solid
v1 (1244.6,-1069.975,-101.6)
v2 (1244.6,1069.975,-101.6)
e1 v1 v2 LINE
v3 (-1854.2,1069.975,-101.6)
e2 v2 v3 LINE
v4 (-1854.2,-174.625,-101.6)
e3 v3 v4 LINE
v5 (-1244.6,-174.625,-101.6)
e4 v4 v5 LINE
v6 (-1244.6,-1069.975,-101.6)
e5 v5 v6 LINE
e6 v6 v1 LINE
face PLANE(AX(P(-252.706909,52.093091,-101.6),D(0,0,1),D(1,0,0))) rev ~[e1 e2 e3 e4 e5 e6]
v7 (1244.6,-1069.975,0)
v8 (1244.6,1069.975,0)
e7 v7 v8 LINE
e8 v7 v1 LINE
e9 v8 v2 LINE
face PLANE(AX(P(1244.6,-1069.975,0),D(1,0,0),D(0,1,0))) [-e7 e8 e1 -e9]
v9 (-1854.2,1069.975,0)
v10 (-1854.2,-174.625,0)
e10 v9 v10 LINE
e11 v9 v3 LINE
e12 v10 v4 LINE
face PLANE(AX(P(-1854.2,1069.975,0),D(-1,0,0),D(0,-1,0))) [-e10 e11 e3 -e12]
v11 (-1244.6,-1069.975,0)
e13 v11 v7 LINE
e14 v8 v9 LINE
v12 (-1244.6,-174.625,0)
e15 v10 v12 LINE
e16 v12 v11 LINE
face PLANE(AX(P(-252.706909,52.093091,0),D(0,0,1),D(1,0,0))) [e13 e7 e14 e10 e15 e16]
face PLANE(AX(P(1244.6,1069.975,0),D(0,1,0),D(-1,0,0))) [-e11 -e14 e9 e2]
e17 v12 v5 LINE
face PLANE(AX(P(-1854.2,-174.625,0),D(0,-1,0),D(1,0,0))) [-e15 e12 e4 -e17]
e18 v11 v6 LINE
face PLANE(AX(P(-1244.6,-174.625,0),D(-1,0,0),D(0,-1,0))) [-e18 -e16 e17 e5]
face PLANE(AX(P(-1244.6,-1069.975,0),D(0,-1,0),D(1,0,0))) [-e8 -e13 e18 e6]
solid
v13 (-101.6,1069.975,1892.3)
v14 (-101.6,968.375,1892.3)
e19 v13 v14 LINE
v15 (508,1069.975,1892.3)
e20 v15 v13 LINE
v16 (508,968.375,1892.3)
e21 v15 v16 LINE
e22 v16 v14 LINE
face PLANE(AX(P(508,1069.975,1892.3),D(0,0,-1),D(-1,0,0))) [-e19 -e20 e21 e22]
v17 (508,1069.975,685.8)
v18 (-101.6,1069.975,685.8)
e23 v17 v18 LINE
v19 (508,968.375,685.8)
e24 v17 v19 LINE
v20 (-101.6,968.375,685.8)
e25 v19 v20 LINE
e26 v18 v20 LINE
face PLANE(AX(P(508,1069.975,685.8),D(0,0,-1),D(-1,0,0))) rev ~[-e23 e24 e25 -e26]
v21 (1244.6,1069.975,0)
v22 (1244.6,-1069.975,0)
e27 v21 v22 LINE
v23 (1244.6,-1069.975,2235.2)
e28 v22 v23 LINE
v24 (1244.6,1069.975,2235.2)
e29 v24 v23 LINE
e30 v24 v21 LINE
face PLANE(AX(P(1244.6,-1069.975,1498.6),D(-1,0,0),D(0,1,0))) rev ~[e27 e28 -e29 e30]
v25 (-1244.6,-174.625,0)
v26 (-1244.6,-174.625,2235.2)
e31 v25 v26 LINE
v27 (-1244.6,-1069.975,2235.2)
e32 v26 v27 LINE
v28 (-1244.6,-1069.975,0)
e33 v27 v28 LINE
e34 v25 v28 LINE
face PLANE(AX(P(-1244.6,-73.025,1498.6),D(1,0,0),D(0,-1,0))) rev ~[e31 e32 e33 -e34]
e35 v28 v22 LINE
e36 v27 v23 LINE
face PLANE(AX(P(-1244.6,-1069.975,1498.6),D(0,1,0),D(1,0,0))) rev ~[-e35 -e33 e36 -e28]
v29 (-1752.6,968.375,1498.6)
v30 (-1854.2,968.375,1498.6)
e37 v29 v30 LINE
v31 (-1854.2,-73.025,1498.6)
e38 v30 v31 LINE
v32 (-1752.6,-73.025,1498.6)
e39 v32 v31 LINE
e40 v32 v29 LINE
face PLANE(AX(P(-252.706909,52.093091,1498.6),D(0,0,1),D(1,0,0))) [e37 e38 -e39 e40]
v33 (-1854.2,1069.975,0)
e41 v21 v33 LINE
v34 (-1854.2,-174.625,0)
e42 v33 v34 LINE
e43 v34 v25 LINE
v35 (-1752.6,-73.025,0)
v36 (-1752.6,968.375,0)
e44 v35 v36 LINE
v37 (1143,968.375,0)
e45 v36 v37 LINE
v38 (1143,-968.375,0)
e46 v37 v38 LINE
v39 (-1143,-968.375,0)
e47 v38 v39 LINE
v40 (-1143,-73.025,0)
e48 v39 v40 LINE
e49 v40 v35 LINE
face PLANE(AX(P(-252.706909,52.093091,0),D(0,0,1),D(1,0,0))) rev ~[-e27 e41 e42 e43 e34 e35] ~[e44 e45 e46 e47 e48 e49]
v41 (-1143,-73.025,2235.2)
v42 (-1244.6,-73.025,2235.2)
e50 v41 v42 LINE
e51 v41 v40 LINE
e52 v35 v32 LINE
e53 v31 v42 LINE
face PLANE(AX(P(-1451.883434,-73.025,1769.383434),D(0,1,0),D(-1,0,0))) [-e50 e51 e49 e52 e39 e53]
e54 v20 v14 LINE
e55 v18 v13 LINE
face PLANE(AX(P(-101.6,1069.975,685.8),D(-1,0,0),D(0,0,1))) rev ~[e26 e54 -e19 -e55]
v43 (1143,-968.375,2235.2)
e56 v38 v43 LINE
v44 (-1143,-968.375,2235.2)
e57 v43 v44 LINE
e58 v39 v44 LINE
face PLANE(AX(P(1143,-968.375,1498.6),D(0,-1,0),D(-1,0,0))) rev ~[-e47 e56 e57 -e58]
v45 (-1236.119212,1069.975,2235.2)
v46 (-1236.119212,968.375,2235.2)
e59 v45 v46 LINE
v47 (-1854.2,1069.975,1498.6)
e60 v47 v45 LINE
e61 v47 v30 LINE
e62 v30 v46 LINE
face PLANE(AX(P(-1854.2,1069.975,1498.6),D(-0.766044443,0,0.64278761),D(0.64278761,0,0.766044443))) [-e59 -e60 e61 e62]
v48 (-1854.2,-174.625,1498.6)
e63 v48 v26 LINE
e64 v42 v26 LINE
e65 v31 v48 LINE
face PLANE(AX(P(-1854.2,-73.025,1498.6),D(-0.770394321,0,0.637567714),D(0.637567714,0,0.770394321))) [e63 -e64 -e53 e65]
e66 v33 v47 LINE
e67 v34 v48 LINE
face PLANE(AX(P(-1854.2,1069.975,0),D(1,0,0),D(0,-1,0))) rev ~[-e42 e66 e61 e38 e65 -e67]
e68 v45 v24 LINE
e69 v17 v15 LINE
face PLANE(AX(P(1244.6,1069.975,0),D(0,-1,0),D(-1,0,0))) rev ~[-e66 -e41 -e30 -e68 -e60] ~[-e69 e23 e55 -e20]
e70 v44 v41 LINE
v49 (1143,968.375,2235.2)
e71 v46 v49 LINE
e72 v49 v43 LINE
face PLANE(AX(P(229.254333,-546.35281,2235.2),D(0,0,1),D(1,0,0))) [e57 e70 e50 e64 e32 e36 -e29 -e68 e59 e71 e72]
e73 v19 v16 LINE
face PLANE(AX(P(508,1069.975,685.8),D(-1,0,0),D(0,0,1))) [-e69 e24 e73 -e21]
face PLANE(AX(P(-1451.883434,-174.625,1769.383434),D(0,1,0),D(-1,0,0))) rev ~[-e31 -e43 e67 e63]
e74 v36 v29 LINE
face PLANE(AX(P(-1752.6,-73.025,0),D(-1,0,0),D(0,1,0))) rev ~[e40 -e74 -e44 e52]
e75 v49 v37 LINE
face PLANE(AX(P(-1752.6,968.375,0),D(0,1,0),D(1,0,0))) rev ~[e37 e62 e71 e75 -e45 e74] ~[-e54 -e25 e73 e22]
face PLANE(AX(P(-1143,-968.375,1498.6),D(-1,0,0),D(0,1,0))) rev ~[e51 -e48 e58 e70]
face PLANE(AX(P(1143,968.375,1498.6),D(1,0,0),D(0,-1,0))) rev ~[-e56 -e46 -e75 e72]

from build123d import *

# Parameters (mm, degrees)
F1_DEPTH  = 1498.6
F2_W      = 3098.8
F2_H      = 1498.6
F3_DEPTH  = 101.6
F5_DEPTH  = 736.6
F7_DEPTH  = 101.6
F8_W      = 609.6
F8_H      = 1206.5
F9_DEPTH  = 101.6
F0_W      = 609.6
F0_H      = 1041.4
F10_DEPTH = 101.6


with BuildPart() as f1:
    # F0 (on Top) → F1 (new body)
    with BuildSketch(Plane.XY):
        Polygon((-1854.2, -174.625), (-1244.6, -174.625), (-1244.6, -1069.975), (1244.6, -1069.975), (1244.6, 1069.975), (-1143, 1069.975), (-1854.2, 1069.975), align=None)
        Polygon((1143, 968.375), (1143, -968.375), (-1143, -968.375), (-1143, -73.025), (-1752.6, -73.025), (-1752.6, 968.375), (-1143, 968.375), align=None, mode=Mode.SUBTRACT)
    extrude(amount=F1_DEPTH)

    # F2 (on face) → F3 (join)
    with BuildSketch(Plane(origin=(0, 1069.975, 0), x_dir=(-1, 0, 0), z_dir=(0, 1, 0))):
        with Locations((304.8, 749.3)):
            Rectangle(F2_W, F2_H)
        Polygon((-1244.6, 2235.2), (-1244.6, 1498.6), (1854.2, 1498.6), (1236.1192116748, 2235.2), align=None)
    extrude(amount=-F3_DEPTH)

    # F4 (on face) → F5 (join, through all)
    with BuildSketch(Plane.XY.offset(1498.6)):
        Polygon((-1244.6, -174.625), (-1244.6, -1069.975), (1244.6, -1069.975), (1244.6, 968.375), (1143, 968.375), (1143, -968.375), (-1143, -968.375), (-1143, -73.025), (-1244.6, -73.025), align=None)
    extrude(amount=F5_DEPTH)

    # F6 (on face) → F7 (join)
    with BuildSketch(Plane(origin=(0, -73.025, 0), x_dir=(-1, 0, 0), z_dir=(0, 1, 0))):
        Polygon((1244.6, 2235.2), (1244.6, 1498.6), (1752.6, 1498.6), (1854.2, 1498.6), align=None)
    extrude(amount=-F7_DEPTH)

    # F8 (on face) → F9 (cut)
    with BuildSketch(Plane(origin=(0, 1069.975, 0), x_dir=(-1, 0, 0), z_dir=(0, 1, 0))):
        with Locations((-203.2, 1289.05)):
            Rectangle(F8_W, F8_H)
    extrude(amount=-F9_DEPTH, mode=Mode.SUBTRACT)


with BuildPart() as f10:
    # F0 (on Top) → F10 (new body)
    with BuildSketch(Plane.XY):
        Polygon((-1854.2, -174.625), (-1244.6, -174.625), (-1244.6, -1069.975), (1244.6, -1069.975), (1244.6, 1069.975), (-1143, 1069.975), (-1854.2, 1069.975), align=None)
        Polygon((1143, 968.375), (1143, -968.375), (-1143, -968.375), (-1143, -73.025), (-1752.6, -73.025), (-1752.6, 968.375), (-1143, 968.375), align=None, mode=Mode.SUBTRACT)
        Polygon((-1143, -968.375), (1143, -968.375), (1143, 968.375), (-1143, 968.375), (-1143, -73.025), align=None)
        with Locations((-1447.8, 447.675)):
            Rectangle(F0_W, F0_H)
    extrude(amount=-F10_DEPTH)


solid = Compound([f1.part, f10.part])
